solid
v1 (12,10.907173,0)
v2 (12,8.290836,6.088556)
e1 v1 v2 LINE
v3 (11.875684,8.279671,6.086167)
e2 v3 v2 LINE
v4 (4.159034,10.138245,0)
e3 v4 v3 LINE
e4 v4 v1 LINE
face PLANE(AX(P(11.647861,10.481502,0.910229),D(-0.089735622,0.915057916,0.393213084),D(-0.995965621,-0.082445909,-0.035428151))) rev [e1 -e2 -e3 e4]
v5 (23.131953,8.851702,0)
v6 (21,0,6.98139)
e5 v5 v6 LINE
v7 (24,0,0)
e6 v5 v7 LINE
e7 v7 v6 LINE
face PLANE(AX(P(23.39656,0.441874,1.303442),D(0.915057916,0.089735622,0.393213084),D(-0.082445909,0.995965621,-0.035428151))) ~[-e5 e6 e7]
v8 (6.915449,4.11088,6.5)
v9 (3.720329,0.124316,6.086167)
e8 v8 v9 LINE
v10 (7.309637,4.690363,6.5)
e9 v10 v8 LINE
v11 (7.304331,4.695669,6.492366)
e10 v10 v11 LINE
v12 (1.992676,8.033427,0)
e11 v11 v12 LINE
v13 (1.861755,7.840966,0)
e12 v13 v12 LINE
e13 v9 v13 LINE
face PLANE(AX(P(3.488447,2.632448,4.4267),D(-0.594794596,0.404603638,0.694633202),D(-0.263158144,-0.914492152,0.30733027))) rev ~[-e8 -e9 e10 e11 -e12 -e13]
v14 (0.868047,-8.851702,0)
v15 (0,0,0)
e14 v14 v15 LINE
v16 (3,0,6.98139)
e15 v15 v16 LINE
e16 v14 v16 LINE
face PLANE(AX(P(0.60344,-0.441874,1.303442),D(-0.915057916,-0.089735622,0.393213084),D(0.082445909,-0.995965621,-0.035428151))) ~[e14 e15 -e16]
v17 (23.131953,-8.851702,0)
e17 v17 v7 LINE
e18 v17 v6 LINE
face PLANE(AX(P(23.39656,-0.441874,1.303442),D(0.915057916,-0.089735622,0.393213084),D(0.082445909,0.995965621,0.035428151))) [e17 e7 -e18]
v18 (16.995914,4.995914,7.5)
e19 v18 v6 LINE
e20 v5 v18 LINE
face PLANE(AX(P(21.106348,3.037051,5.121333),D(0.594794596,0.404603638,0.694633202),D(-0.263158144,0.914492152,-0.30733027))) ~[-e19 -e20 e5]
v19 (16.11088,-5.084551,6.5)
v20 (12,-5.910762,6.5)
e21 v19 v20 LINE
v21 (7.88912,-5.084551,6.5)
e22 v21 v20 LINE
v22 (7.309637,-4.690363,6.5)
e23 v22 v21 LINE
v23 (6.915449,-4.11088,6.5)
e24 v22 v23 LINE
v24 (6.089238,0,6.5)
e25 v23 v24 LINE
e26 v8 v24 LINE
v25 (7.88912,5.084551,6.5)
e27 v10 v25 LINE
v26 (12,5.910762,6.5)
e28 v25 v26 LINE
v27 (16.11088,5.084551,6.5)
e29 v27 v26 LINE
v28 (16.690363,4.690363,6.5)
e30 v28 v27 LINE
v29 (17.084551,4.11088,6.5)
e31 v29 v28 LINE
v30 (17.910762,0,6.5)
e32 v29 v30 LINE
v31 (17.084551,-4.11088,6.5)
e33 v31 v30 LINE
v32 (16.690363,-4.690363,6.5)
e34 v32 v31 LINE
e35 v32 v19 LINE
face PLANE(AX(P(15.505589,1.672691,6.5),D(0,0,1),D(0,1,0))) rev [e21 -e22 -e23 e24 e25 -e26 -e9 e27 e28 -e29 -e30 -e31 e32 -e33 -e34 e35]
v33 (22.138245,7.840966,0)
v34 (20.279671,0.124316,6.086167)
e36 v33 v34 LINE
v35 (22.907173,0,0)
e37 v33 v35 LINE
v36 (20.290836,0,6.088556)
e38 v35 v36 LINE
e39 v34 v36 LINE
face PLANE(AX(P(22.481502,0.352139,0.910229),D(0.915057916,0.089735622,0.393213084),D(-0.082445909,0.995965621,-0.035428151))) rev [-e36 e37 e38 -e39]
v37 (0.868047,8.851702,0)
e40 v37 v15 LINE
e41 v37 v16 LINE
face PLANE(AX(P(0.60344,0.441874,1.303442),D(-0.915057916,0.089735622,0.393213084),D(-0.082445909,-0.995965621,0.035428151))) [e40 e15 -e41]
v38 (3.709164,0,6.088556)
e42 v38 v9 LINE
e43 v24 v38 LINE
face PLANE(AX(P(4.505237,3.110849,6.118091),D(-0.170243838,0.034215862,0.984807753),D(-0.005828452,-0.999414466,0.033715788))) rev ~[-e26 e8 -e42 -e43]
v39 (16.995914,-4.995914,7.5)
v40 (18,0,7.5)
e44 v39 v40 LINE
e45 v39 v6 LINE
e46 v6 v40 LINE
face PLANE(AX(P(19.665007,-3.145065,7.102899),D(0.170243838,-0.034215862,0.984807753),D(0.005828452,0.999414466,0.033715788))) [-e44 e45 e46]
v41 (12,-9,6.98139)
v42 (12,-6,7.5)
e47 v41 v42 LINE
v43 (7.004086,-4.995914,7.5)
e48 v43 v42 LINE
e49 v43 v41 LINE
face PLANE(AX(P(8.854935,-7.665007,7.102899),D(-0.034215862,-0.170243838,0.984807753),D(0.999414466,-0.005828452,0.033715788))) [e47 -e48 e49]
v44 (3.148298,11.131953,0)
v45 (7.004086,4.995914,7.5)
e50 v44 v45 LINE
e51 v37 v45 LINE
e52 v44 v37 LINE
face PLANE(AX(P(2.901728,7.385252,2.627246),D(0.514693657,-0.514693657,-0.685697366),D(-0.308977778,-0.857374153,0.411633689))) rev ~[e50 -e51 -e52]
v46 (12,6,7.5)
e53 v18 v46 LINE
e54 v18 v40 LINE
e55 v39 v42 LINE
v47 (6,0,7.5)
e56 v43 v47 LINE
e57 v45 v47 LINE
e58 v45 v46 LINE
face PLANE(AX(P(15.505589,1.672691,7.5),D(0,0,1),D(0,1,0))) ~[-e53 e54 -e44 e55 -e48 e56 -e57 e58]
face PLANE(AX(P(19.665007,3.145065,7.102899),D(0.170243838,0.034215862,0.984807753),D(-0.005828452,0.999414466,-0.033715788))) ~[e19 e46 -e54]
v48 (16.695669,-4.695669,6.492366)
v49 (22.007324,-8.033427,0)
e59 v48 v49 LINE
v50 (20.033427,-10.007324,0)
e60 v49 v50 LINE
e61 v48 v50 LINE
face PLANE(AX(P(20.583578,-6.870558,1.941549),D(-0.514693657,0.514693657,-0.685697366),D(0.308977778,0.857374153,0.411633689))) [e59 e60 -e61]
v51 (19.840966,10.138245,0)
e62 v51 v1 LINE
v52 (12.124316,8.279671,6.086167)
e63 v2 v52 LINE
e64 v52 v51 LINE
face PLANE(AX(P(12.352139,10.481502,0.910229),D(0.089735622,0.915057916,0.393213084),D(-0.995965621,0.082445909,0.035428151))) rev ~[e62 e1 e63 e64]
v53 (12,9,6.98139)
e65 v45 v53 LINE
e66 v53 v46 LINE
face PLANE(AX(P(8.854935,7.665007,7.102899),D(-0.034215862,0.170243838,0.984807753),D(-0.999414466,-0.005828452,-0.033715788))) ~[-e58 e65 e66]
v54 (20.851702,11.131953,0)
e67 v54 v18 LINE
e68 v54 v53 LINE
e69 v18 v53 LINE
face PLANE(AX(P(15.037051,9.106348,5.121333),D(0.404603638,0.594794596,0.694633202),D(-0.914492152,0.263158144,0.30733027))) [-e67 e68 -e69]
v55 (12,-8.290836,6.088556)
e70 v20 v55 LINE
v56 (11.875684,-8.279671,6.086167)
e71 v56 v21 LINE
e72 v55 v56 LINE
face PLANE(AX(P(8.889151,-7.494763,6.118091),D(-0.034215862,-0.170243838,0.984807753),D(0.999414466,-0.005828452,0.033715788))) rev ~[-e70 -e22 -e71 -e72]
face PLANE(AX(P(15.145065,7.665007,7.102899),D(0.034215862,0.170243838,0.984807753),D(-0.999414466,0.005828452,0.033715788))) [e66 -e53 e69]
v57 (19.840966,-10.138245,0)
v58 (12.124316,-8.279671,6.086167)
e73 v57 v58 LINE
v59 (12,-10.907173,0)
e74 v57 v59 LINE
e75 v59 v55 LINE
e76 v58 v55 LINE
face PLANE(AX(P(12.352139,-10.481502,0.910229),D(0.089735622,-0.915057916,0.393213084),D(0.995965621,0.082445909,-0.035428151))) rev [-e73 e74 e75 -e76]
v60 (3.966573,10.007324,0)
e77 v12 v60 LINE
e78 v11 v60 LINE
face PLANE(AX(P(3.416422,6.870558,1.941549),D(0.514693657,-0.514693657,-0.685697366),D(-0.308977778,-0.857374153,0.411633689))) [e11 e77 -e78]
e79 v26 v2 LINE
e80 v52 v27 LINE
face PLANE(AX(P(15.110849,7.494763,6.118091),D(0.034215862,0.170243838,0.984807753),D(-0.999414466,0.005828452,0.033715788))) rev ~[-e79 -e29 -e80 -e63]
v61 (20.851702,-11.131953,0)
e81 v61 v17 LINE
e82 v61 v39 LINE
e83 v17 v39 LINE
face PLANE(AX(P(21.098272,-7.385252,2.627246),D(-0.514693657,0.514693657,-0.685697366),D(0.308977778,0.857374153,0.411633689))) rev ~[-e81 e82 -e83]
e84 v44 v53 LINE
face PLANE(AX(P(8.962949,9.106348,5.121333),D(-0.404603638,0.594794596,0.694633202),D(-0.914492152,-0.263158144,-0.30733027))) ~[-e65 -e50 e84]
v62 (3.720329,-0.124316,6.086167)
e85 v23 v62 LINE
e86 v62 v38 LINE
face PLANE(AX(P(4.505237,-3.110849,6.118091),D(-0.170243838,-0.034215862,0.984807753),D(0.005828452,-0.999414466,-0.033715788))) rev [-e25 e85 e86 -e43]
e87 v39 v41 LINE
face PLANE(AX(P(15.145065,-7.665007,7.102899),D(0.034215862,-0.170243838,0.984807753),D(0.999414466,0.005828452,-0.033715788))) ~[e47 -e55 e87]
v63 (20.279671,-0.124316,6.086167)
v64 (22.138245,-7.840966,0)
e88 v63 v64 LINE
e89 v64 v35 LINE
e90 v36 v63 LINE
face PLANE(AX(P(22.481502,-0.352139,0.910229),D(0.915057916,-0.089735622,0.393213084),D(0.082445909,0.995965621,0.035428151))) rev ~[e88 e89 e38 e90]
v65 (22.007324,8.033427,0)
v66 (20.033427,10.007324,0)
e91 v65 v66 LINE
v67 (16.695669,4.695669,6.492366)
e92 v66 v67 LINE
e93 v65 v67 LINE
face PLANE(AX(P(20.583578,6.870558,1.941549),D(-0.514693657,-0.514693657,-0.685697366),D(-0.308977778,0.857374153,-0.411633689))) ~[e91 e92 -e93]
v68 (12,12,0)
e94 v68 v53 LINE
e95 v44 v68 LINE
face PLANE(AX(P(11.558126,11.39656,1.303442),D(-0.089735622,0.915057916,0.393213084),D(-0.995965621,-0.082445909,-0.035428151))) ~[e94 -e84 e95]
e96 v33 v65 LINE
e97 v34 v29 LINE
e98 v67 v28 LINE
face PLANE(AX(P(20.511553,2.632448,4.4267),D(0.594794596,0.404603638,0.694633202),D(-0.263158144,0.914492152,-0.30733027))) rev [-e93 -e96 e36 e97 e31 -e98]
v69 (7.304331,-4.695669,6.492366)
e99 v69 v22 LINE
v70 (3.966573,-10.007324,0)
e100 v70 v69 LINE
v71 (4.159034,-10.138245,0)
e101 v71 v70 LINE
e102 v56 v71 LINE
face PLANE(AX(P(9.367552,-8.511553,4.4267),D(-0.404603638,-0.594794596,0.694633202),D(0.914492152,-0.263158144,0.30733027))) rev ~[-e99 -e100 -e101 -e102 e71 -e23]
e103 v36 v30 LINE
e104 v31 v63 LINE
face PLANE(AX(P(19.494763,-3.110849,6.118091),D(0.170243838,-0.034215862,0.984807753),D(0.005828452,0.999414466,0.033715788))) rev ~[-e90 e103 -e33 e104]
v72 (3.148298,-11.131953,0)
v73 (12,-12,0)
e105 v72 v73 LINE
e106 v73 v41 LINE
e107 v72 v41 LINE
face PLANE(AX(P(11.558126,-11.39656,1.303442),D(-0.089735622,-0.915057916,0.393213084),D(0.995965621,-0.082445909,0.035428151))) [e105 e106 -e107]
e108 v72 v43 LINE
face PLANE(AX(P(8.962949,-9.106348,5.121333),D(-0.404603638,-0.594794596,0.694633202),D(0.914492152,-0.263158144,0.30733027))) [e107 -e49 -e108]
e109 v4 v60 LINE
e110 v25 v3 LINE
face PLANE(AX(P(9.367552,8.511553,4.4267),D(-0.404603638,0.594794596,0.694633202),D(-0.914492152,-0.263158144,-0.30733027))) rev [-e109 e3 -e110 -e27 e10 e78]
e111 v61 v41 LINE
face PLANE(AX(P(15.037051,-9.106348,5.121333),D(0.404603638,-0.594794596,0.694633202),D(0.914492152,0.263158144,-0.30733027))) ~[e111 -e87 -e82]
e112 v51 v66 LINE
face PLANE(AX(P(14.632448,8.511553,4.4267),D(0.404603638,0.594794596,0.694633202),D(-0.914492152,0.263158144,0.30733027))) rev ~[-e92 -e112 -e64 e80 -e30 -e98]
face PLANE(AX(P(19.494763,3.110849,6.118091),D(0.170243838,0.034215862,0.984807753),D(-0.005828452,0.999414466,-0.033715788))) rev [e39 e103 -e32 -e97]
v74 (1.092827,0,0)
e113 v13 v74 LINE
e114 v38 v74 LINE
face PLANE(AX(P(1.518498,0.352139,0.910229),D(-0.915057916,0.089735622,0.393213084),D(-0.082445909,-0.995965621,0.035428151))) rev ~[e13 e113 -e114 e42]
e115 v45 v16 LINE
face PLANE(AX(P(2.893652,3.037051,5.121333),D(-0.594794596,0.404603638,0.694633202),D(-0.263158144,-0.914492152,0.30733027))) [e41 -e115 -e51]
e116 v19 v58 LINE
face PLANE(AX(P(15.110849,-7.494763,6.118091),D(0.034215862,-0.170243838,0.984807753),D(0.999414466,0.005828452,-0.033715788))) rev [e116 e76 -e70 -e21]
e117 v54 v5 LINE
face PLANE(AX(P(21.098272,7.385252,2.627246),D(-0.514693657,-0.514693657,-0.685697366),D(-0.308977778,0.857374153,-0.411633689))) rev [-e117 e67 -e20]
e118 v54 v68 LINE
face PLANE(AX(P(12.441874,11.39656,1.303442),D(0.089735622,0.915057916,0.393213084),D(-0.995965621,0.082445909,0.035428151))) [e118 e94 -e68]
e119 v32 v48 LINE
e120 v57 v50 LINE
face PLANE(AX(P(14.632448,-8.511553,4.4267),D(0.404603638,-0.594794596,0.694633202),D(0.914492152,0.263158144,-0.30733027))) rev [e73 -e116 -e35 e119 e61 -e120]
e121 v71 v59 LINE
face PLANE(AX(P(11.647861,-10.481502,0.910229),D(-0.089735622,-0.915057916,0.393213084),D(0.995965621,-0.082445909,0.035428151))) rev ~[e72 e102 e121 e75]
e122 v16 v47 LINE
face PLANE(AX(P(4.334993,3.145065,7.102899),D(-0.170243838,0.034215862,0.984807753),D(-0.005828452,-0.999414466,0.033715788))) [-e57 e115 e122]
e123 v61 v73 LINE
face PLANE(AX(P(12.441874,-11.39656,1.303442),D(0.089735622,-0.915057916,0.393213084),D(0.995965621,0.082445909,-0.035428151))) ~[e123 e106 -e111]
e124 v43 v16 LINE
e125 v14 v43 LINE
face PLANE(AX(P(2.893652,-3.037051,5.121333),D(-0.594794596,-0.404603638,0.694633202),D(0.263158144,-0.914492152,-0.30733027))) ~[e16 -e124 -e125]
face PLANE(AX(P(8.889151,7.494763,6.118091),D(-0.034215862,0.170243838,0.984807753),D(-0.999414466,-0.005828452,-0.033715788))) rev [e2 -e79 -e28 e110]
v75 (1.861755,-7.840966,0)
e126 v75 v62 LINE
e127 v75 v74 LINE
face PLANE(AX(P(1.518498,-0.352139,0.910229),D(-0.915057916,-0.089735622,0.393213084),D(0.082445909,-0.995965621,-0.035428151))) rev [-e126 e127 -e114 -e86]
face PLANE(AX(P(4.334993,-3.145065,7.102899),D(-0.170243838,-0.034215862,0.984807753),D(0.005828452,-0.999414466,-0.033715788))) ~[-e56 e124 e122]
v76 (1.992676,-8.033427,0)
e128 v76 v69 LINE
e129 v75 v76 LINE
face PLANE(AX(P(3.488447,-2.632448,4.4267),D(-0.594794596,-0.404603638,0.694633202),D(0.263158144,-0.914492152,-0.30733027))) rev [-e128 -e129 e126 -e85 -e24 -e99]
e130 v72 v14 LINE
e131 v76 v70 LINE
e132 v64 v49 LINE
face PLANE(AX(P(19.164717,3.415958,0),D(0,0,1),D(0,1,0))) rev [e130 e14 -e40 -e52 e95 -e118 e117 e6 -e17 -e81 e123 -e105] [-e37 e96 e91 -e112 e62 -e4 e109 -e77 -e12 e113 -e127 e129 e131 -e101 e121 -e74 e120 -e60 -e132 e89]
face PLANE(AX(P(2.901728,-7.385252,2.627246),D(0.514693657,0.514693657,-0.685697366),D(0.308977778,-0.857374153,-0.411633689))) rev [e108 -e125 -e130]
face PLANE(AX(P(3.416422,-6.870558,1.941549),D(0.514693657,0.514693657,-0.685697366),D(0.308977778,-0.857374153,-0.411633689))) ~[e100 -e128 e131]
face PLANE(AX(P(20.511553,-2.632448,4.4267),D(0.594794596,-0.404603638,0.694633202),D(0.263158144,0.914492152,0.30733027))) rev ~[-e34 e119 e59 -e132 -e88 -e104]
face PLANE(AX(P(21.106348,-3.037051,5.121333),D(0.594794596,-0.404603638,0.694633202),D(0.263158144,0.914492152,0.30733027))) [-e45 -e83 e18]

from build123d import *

# Parameters (mm, degrees)
F1_DEPTH  = 8.5
F3_DEPTH  = 1
F5_W      = 21.3351653656
F5_H      = 16.6395662818
F6_DEPTH  = 25.4
F8_W      = 32.5405728072
F8_H      = 36.5617219359
F9_DEPTH  = 25.4
F12_W     = 39.0807809308
F12_H     = 30.5973365903
F13_DEPTH = 25.4
F15_W     = 34.2101305723
F15_H     = 32.0557234809
F16_DEPTH = 25.4
F18_W     = 10.4850952048
F18_H     = 24.5708920993
F19_DEPTH = 25.4
F23_T     = -1


with BuildPart() as f1:
    # F0 (on Top) → F1 (new body)
    with BuildSketch(Plane.XY):
        Polygon((12, -12), (12, 0), (2.0081724885, -9.9918275115), (3.148298335, -11.131953358), align=None)
    extrude(amount=F1_DEPTH)

    # F2 (on face) → F3 (cut)
    with BuildSketch(Plane.XY.offset(8.5)):
        Polygon((12, -6), (12, 0), (7.0040862443, -4.9959137557), align=None)
    extrude(amount=-F3_DEPTH, mode=Mode.SUBTRACT)

    # F5 (on face) → F6 (cut)
    with BuildSketch(Plane(origin=(-0.2736218822, -1.3614281972, 7.8754394827), x_dir=(0.999414466, -0.0058284524, 0.033715788), z_dir=(-0.0342158621, -0.170243838, 0.984807753))):
        with Locations((9.1339054634, -6.3430479495)):
            Rectangle(F5_W, F5_H)
    extrude(amount=F6_DEPTH, mode=Mode.SUBTRACT)

    # F8 (on 3pt) → F9 (cut)
    with BuildSketch(Plane(origin=(-2.047796356, -1.8446305737, 2.5928305655), x_dir=(0.8409146633, -0.3137144476, 0.44096006), z_dir=(-0.5411677458, -0.4874774616, 0.6852030322))):
        with Locations((12.2363092378, -5.4249586537)):
            Rectangle(F8_W, F8_H)
    extrude(amount=F9_DEPTH, mode=Mode.SUBTRACT)

    # F12 (on 3pt) → F13 (cut)
    with BuildSketch(Plane(origin=(-2.1635826482, -3.1806122044, 3.7144904348), x_dir=(0.9144921522, -0.2631581438, 0.3073302701), z_dir=(-0.4046036376, -0.5947945963, 0.6946332016))):
        with Locations((12.1668963693, -3.5860668868)):
            Rectangle(F12_W, F12_H)
    extrude(amount=F13_DEPTH, mode=Mode.SUBTRACT)

    # F15 (on 3pt) → F16 (cut)
    with BuildSketch(Plane(origin=(-0.8887297085, -9.0626123757, 3.8943302941), x_dir=(0.995965621, -0.0824459089, 0.0354281511), z_dir=(-0.0897356216, -0.9150579155, 0.393213084))):
        with Locations((12.4972742051, -3.3018724062)):
            Rectangle(F15_W, F15_H)
    extrude(amount=F16_DEPTH, mode=Mode.SUBTRACT)

    # F18 (on 3pt) → F19 (cut)
    with BuildSketch(Plane(origin=(-2.1149465474, -2.1149465474, 2.8176241463), x_dir=(0.8573741534, -0.3089777782, 0.4116336886), z_dir=(0.5146936574, 0.5146936574, -0.6856973662))):
        with Locations((7.849192596, 5.699301837)):
            Rectangle(F18_W, F18_H)
    extrude(amount=-F19_DEPTH, mode=Mode.SUBTRACT)

    # F20: F1 across face


with BuildPart() as f1_1:
    add(f1.part)
    add(f1.part.mirror(Plane(origin=(8.1142893011, -3.8857106989, 3.3333333333), x_dir=(-0.7071067812, -0.7071067812, 0), z_dir=(-0.7071067812, 0.7071067812, 0))))

    # F21: F1 across face


with BuildPart() as f1_2:
    add(f1_1.part)
    add(f1_1.part.mirror(Plane(origin=(12, -5.2108536925, 3.5209267252), x_dir=(0, 1, 0), z_dir=(1, 0, 0))))

    # F22: F1 across face


with BuildPart() as f1_3:
    add(f1_2.part)
    add(f1_2.part.mirror(Plane(origin=(12, 0, 3.5209267252), x_dir=(-1, 0, 0), z_dir=(0, 1, 0))))

    # F23
    f23_openings = [f1_3.faces().sort_by_distance(p)[0] for p in [
        (12, 0, 0),
    ]]
    offset(amount=F23_T, openings=f23_openings)


solid = f1_3.part
